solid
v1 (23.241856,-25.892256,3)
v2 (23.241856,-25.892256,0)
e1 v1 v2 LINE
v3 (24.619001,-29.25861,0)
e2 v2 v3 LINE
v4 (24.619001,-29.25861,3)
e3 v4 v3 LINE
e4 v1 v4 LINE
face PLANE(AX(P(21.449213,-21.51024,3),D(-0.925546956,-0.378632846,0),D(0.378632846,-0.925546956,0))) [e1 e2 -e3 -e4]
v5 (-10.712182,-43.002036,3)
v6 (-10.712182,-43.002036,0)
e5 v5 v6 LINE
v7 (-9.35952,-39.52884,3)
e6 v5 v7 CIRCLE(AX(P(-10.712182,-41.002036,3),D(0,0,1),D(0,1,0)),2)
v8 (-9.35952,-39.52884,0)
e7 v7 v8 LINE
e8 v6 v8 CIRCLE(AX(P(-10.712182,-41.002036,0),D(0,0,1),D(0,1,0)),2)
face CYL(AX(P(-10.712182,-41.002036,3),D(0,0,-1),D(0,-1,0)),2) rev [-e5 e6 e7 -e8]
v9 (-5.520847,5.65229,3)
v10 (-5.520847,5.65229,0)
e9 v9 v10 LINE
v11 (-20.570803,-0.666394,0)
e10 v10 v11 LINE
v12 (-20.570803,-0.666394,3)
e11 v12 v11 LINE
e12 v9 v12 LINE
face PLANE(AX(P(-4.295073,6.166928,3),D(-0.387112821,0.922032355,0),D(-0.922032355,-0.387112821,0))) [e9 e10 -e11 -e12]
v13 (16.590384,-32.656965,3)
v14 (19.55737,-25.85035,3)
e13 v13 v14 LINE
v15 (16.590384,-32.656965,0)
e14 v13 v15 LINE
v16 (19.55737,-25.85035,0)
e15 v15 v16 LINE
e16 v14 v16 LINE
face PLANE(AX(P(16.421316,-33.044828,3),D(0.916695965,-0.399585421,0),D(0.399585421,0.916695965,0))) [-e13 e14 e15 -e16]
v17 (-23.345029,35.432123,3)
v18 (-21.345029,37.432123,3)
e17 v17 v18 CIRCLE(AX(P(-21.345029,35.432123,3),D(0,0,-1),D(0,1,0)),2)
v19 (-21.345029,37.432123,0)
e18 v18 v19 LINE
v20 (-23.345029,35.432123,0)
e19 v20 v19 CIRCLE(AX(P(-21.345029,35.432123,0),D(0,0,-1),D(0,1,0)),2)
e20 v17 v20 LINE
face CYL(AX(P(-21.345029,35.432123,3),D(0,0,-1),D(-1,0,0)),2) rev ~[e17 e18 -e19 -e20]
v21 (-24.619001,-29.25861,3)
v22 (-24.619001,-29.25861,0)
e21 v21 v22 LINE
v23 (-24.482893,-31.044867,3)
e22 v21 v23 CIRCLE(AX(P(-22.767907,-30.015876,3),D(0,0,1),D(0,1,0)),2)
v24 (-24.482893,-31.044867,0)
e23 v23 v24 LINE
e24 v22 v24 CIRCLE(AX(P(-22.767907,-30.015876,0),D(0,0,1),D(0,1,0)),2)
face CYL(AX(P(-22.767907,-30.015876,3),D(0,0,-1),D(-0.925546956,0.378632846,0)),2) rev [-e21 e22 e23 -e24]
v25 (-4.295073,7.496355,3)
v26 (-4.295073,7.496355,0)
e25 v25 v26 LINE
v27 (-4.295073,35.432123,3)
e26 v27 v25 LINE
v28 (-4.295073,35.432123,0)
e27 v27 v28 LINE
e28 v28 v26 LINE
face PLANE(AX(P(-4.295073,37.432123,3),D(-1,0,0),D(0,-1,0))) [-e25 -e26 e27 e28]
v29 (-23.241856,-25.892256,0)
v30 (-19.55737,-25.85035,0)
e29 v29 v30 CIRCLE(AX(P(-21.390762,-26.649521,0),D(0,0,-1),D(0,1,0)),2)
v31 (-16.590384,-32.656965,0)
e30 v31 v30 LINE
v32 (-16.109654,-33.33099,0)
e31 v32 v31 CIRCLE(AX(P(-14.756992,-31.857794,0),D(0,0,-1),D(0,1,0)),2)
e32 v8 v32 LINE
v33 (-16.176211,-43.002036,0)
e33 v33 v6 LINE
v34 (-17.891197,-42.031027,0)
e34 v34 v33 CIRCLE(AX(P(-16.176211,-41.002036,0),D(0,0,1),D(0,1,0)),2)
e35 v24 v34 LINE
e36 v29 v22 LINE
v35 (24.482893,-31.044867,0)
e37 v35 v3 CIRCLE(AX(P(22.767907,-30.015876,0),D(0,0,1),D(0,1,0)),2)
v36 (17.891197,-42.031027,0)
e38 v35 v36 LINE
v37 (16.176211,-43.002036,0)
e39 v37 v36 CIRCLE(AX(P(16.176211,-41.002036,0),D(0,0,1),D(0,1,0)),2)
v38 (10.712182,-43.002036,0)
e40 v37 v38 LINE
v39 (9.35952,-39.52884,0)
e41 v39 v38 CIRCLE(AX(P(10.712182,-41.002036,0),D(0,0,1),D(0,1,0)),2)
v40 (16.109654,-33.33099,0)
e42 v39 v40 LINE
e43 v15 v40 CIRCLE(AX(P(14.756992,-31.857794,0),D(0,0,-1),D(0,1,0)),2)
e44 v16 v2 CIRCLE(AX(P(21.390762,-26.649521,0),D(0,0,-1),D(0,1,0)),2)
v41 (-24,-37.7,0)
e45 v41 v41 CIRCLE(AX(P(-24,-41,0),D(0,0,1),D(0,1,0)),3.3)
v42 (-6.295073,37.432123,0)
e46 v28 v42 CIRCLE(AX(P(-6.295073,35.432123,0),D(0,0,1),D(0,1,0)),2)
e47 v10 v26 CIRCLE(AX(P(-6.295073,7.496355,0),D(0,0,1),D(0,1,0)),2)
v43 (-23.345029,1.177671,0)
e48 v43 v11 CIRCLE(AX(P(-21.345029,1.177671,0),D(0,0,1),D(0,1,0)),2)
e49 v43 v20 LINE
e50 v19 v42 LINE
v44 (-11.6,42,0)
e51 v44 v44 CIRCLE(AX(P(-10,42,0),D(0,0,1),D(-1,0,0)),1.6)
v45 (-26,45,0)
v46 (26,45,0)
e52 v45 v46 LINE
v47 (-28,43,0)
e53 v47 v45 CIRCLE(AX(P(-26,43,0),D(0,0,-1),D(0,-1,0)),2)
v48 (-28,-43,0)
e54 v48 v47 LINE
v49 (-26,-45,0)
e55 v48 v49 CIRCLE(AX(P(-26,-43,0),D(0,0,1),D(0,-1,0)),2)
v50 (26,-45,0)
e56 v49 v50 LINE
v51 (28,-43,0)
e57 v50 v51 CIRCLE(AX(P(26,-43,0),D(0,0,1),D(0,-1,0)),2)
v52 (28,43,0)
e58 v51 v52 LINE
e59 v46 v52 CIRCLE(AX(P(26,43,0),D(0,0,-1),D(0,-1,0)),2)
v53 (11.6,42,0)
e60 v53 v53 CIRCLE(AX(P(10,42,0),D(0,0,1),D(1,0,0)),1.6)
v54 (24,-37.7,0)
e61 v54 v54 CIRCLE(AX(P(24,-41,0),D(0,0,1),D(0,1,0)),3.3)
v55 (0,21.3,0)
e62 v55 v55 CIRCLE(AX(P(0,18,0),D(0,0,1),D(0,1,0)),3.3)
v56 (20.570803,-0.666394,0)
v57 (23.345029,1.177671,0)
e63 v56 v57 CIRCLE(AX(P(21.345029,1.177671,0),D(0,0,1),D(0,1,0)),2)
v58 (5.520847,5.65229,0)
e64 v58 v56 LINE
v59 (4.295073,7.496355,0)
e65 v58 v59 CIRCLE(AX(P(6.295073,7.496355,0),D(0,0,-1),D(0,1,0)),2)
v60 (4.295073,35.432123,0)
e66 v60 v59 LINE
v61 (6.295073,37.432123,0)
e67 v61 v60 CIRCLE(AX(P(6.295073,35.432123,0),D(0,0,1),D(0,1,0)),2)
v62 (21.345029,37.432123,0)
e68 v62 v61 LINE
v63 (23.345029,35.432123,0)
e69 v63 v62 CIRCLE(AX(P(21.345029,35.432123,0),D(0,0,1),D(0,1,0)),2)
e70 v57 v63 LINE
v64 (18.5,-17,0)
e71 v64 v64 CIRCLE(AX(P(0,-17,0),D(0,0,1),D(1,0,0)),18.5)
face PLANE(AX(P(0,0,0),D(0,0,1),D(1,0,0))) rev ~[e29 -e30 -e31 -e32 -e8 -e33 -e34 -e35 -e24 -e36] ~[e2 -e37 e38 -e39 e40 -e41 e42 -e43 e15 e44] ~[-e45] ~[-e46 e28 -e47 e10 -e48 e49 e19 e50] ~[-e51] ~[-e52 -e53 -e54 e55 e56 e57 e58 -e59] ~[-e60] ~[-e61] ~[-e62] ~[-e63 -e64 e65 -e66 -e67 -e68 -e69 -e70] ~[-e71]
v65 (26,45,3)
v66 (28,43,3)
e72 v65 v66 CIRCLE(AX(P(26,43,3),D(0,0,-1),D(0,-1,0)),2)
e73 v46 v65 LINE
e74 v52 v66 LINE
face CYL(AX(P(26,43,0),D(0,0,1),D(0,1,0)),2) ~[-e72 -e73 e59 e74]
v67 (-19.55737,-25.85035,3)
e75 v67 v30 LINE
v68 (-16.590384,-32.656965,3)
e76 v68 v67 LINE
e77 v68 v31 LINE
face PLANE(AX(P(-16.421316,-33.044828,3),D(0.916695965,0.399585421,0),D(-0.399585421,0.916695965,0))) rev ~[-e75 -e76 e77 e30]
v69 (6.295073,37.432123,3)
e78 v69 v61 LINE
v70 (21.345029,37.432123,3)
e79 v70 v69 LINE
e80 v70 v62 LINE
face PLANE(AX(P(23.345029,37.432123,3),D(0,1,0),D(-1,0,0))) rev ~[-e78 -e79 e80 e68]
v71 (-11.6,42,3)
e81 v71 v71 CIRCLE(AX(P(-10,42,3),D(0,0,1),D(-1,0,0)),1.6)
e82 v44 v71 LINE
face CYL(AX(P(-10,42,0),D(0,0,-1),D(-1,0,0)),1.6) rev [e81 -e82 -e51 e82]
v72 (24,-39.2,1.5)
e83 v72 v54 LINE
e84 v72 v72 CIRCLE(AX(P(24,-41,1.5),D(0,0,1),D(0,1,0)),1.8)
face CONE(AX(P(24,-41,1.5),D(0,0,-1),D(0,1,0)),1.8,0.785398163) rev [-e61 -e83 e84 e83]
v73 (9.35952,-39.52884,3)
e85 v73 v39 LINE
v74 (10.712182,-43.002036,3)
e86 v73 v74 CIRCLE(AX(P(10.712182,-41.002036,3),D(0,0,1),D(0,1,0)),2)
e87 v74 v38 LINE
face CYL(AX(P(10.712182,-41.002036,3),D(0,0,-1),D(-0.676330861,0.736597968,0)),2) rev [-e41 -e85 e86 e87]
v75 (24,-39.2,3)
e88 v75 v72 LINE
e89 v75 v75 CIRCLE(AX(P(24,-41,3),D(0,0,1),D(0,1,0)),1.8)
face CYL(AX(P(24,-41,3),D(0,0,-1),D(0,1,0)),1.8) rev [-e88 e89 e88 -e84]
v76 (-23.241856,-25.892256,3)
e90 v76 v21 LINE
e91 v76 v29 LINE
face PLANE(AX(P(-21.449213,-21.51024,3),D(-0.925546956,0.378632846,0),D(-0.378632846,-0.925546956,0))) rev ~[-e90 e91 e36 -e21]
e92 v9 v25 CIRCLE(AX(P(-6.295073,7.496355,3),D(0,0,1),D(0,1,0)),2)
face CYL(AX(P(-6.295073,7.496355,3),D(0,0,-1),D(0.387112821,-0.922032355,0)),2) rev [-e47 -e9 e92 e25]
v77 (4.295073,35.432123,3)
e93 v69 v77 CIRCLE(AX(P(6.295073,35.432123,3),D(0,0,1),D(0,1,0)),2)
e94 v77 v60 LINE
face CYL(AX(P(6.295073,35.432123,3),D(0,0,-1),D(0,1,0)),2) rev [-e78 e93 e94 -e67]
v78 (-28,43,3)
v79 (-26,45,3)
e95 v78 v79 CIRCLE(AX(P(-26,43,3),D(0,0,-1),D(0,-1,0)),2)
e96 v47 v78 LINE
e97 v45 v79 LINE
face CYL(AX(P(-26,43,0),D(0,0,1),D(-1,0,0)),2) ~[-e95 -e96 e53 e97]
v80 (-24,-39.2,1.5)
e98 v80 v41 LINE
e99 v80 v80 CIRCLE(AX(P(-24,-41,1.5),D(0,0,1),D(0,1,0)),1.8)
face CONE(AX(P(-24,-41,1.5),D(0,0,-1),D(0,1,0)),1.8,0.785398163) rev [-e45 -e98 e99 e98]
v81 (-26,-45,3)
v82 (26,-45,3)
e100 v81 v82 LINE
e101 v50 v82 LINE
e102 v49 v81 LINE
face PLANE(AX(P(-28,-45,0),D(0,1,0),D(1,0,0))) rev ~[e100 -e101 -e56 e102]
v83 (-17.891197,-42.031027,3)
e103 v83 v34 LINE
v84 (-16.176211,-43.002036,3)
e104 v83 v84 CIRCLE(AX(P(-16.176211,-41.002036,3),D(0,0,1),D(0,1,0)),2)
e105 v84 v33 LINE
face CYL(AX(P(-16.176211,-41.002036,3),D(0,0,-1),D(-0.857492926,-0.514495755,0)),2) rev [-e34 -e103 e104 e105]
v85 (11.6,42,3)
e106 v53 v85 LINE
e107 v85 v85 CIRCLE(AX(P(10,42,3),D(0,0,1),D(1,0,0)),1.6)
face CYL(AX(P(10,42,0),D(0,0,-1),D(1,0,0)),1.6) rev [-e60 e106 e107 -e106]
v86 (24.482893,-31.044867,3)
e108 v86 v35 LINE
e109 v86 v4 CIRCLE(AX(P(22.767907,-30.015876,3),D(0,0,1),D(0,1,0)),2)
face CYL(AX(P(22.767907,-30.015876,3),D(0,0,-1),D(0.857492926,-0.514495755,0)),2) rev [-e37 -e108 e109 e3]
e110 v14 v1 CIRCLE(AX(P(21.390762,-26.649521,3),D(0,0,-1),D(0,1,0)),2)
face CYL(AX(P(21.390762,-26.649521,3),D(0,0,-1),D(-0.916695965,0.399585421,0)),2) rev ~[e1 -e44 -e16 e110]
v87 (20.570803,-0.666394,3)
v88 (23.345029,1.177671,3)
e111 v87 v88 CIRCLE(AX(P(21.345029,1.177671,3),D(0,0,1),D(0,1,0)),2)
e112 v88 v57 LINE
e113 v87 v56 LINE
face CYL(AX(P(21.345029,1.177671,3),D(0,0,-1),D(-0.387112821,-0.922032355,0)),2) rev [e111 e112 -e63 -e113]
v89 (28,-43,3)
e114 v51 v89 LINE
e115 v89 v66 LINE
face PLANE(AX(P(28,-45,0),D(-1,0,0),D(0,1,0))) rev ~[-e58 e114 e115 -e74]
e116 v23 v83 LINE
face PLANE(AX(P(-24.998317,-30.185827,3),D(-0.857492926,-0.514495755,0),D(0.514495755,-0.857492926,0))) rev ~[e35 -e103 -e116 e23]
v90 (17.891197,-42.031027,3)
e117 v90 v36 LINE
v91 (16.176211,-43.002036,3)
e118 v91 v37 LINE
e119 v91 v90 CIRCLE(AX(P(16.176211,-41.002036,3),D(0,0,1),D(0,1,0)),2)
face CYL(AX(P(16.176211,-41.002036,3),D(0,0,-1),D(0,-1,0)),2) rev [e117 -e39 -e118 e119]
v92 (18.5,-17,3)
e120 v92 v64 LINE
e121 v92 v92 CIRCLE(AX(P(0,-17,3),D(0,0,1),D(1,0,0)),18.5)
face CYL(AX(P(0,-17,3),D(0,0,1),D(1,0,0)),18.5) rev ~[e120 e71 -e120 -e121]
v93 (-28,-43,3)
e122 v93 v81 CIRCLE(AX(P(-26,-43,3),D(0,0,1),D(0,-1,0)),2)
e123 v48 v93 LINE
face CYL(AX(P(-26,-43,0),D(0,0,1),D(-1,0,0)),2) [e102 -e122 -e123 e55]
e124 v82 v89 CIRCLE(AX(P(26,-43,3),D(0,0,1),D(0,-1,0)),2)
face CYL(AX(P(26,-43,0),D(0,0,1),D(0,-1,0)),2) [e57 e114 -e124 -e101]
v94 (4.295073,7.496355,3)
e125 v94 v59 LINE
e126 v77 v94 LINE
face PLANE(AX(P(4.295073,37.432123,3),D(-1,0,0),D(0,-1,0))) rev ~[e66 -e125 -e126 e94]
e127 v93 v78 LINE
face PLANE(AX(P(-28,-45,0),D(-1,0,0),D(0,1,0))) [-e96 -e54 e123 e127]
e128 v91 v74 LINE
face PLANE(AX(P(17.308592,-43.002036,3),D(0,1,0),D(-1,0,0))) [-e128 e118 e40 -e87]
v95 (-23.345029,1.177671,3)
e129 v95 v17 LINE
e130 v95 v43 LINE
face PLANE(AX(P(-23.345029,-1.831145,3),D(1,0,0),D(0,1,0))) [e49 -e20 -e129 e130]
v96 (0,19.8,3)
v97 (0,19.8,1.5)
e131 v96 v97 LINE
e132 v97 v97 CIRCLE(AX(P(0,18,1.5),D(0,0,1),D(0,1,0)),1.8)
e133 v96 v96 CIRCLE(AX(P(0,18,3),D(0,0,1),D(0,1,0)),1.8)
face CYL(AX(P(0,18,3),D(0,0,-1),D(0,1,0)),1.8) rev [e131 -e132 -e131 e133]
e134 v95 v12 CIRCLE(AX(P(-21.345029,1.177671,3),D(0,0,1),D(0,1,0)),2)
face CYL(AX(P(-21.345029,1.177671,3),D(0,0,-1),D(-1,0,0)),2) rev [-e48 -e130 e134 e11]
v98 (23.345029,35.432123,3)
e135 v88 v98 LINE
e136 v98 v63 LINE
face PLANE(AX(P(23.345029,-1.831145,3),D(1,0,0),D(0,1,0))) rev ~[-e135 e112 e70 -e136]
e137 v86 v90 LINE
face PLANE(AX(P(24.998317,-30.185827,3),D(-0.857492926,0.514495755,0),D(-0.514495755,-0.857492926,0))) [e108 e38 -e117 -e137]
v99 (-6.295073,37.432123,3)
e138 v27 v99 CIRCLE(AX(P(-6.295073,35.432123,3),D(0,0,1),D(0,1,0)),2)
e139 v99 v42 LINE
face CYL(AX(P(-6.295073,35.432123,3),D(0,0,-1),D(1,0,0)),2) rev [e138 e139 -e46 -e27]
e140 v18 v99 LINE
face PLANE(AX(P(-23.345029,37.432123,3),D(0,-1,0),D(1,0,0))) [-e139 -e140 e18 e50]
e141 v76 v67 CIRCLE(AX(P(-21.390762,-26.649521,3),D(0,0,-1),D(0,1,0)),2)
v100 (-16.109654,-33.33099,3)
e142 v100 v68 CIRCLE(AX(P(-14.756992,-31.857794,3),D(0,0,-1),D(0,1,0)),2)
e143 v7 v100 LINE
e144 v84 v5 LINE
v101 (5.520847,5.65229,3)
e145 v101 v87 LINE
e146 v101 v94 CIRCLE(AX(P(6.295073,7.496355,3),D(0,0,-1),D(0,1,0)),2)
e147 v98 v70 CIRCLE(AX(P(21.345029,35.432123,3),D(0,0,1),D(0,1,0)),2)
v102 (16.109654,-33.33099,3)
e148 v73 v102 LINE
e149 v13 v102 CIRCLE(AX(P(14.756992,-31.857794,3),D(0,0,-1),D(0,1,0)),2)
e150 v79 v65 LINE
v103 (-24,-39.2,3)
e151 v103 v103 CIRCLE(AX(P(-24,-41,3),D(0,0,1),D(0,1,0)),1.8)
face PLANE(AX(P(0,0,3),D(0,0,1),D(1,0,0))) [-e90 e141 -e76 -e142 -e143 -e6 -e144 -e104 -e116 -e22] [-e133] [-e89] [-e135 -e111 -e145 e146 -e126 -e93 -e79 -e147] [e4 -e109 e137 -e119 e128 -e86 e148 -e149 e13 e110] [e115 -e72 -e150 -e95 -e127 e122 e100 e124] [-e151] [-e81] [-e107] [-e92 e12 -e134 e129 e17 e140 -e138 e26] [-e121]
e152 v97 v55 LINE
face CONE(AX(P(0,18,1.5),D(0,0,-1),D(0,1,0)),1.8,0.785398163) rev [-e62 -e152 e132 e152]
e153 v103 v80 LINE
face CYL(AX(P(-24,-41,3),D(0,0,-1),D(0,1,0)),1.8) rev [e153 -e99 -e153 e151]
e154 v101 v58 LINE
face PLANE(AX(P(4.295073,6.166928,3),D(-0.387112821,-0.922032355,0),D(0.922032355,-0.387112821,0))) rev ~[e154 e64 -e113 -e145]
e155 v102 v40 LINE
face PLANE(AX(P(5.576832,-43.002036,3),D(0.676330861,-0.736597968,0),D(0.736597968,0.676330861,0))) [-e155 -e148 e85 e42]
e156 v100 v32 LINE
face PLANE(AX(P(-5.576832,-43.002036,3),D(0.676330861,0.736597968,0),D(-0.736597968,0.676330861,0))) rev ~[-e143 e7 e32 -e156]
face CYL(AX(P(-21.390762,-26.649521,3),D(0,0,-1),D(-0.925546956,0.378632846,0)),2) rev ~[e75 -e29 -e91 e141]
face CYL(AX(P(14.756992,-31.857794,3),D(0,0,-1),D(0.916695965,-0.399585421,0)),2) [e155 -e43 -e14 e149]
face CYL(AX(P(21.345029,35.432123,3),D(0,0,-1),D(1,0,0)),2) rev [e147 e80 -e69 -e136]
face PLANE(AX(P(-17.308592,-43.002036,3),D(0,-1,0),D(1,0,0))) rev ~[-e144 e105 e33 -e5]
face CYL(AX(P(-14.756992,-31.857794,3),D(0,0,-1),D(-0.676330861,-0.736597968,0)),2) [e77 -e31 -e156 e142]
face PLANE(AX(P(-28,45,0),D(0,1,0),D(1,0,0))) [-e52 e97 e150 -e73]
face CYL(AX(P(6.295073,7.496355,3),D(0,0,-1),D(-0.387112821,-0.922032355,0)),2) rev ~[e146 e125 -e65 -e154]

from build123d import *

# Parameters (mm, degrees)
SKETCH_1_W                  = 56
SKETCH_1_H                  = 90
SKETCH_1_R                  = 1.6
EXTRUDE_1_DEPTH             = 3
SKETCH_2_R                  = 18.5
SKETCH_2_R_2                = 1.6
CUT_EXTRUDE_1_DEPTH         = 54.08483776
FILLET_1_R                  = 2
CUT_EXTRUDE_2_DEPTH         = 54.08483776
FILLET_2_R                  = 2
HOLE_WIZARD_M3_1_AT_2_COUNT = 2
HOLE_WIZARD_M3_1_AT_2_PITCH = 63.694583757
HOLE_WIZARD_M3_1_AT_3_COUNT = 2
HOLE_WIZARD_M3_1_AT_3_PITCH = 63.694583757


with BuildPart() as part:
    # 草图1 → 凸台-拉伸1 (new body)
    with BuildSketch(Plane.XY):
        Rectangle(SKETCH_1_W, SKETCH_1_H)
        with Locations((10, 42)):
            Circle(SKETCH_1_R, mode=Mode.SUBTRACT)
        with Locations(Location((-10, 42, 0), (0, 0, 180))):
            Circle(SKETCH_1_R, mode=Mode.SUBTRACT)
    extrude(amount=EXTRUDE_1_DEPTH)

    # 草图2 → 切除-拉伸1 (cut, through all)
    with BuildSketch(Plane.XY.offset(3)):
        with Locations((0, -17)):
            Circle(SKETCH_2_R)
        with Locations((0, 18)):
            Circle(SKETCH_2_R_2)
        with Locations((24, -41)):
            Circle(SKETCH_2_R_2)
        with Locations(Location((-24, -41, 0), (0, 0, 180))):
            Circle(SKETCH_2_R_2)
    extrude(amount=-CUT_EXTRUDE_1_DEPTH, mode=Mode.SUBTRACT)

    # 圆角1
    fillet_1_edges = [part.edges().sort_by_distance(p)[0] for p in [
        (28, -45, 1.5),
        (-28, -45, 1.5),
        (-28, 45, 1.5),
        (28, 45, 1.5),
    ]]
    fillet(fillet_1_edges, radius=FILLET_1_R)

    # 草图3 → 切除-拉伸2 (cut, through all)
    with BuildSketch(Plane.XY.offset(3)):
        Polygon((-23.345028529, 37.432122744), (-4.29507275, 37.432122744), (-4.29507275, 6.166928146), (-23.345028529, -1.831144891), align=None)
        Polygon((4.29507275, 6.166928146), (23.345028529, -1.831144891), (23.345028529, 37.432122744), (4.29507275, 37.432122744), align=None)
        Polygon((-21.449213, -21.510239836), (-24.998316916, -30.185827186), (-17.308591765, -43.00203577), (-5.576831599, -43.00203577), (-16.421315786, -33.044827562), align=None)
        Polygon((21.449213, -21.510239836), (24.998316916, -30.185827186), (17.308591765, -43.00203577), (5.576831599, -43.00203577), (16.421315786, -33.044827562), align=None)
    extrude(amount=-CUT_EXTRUDE_2_DEPTH, mode=Mode.SUBTRACT)

    # 圆角2
    fillet_2_edges = [part.edges().sort_by_distance(p)[0] for p in [
        (-5.576831599, -43.00203577, 1.5),
        (-17.308591765, -43.00203577, 1.5),
        (-24.998316916, -30.185827186, 1.5),
        (-21.449213, -21.510239836, 1.5),
        (-16.421315786, -33.044827562, 1.5),
        (-23.345028529, -1.831144891, 1.5),
        (-23.345028529, 37.432122744, 1.5),
        (-4.29507275, 37.432122744, 1.5),
        (-4.29507275, 6.166928146, 1.5),
        (4.29507275, 6.166928146, 1.5),
        (4.29507275, 37.432122744, 1.5),
        (23.345028529, 37.432122744, 1.5),
        (23.345028529, -1.831144891, 1.5),
        (16.421315786, -33.044827562, 1.5),
        (21.449213, -21.510239836, 1.5),
        (24.998316916, -30.185827186, 1.5),
        (17.308591765, -43.00203577, 1.5),
        (5.576831599, -43.00203577, 1.5),
    ]]
    fillet(fillet_2_edges, radius=FILLET_2_R)

    # 草图5 → M3 十字槽半沉头木螺钉的锥形沉头孔1 (revolve, cut)
    with BuildSketch(Plane(origin=(0, 18, 0), x_dir=(0, 1, 0), z_dir=(1, 0, 0))):
        Polygon((0, 0), (0, 3), (1.8, 3), (1.8, 1.5), (3.3, 0), align=None)
    hole_wizard_m3_1 = revolve(axis=Axis((0, 18, -6.35), (0, 0, 1)), mode=Mode.SUBTRACT)

    # M3 十字槽半沉头木螺钉的锥形沉头孔1 at 2: M3 十字槽半沉头木螺钉的锥形沉头孔1 ×2
    with Locations(*[Vector(-0.3767981292019326, -0.9262954009547514, 0) * (i * HOLE_WIZARD_M3_1_AT_2_PITCH) for i in range(1, HOLE_WIZARD_M3_1_AT_2_COUNT)]):
        add(hole_wizard_m3_1, mode=Mode.SUBTRACT)

    # M3 十字槽半沉头木螺钉的锥形沉头孔1 at 3: M3 十字槽半沉头木螺钉的锥形沉头孔1 ×2
    with Locations(*[Vector(0.3767981292019329, -0.9262954009547514, 0) * (i * HOLE_WIZARD_M3_1_AT_3_PITCH) for i in range(1, HOLE_WIZARD_M3_1_AT_3_COUNT)]):
        add(hole_wizard_m3_1, mode=Mode.SUBTRACT)


solid = part.part
